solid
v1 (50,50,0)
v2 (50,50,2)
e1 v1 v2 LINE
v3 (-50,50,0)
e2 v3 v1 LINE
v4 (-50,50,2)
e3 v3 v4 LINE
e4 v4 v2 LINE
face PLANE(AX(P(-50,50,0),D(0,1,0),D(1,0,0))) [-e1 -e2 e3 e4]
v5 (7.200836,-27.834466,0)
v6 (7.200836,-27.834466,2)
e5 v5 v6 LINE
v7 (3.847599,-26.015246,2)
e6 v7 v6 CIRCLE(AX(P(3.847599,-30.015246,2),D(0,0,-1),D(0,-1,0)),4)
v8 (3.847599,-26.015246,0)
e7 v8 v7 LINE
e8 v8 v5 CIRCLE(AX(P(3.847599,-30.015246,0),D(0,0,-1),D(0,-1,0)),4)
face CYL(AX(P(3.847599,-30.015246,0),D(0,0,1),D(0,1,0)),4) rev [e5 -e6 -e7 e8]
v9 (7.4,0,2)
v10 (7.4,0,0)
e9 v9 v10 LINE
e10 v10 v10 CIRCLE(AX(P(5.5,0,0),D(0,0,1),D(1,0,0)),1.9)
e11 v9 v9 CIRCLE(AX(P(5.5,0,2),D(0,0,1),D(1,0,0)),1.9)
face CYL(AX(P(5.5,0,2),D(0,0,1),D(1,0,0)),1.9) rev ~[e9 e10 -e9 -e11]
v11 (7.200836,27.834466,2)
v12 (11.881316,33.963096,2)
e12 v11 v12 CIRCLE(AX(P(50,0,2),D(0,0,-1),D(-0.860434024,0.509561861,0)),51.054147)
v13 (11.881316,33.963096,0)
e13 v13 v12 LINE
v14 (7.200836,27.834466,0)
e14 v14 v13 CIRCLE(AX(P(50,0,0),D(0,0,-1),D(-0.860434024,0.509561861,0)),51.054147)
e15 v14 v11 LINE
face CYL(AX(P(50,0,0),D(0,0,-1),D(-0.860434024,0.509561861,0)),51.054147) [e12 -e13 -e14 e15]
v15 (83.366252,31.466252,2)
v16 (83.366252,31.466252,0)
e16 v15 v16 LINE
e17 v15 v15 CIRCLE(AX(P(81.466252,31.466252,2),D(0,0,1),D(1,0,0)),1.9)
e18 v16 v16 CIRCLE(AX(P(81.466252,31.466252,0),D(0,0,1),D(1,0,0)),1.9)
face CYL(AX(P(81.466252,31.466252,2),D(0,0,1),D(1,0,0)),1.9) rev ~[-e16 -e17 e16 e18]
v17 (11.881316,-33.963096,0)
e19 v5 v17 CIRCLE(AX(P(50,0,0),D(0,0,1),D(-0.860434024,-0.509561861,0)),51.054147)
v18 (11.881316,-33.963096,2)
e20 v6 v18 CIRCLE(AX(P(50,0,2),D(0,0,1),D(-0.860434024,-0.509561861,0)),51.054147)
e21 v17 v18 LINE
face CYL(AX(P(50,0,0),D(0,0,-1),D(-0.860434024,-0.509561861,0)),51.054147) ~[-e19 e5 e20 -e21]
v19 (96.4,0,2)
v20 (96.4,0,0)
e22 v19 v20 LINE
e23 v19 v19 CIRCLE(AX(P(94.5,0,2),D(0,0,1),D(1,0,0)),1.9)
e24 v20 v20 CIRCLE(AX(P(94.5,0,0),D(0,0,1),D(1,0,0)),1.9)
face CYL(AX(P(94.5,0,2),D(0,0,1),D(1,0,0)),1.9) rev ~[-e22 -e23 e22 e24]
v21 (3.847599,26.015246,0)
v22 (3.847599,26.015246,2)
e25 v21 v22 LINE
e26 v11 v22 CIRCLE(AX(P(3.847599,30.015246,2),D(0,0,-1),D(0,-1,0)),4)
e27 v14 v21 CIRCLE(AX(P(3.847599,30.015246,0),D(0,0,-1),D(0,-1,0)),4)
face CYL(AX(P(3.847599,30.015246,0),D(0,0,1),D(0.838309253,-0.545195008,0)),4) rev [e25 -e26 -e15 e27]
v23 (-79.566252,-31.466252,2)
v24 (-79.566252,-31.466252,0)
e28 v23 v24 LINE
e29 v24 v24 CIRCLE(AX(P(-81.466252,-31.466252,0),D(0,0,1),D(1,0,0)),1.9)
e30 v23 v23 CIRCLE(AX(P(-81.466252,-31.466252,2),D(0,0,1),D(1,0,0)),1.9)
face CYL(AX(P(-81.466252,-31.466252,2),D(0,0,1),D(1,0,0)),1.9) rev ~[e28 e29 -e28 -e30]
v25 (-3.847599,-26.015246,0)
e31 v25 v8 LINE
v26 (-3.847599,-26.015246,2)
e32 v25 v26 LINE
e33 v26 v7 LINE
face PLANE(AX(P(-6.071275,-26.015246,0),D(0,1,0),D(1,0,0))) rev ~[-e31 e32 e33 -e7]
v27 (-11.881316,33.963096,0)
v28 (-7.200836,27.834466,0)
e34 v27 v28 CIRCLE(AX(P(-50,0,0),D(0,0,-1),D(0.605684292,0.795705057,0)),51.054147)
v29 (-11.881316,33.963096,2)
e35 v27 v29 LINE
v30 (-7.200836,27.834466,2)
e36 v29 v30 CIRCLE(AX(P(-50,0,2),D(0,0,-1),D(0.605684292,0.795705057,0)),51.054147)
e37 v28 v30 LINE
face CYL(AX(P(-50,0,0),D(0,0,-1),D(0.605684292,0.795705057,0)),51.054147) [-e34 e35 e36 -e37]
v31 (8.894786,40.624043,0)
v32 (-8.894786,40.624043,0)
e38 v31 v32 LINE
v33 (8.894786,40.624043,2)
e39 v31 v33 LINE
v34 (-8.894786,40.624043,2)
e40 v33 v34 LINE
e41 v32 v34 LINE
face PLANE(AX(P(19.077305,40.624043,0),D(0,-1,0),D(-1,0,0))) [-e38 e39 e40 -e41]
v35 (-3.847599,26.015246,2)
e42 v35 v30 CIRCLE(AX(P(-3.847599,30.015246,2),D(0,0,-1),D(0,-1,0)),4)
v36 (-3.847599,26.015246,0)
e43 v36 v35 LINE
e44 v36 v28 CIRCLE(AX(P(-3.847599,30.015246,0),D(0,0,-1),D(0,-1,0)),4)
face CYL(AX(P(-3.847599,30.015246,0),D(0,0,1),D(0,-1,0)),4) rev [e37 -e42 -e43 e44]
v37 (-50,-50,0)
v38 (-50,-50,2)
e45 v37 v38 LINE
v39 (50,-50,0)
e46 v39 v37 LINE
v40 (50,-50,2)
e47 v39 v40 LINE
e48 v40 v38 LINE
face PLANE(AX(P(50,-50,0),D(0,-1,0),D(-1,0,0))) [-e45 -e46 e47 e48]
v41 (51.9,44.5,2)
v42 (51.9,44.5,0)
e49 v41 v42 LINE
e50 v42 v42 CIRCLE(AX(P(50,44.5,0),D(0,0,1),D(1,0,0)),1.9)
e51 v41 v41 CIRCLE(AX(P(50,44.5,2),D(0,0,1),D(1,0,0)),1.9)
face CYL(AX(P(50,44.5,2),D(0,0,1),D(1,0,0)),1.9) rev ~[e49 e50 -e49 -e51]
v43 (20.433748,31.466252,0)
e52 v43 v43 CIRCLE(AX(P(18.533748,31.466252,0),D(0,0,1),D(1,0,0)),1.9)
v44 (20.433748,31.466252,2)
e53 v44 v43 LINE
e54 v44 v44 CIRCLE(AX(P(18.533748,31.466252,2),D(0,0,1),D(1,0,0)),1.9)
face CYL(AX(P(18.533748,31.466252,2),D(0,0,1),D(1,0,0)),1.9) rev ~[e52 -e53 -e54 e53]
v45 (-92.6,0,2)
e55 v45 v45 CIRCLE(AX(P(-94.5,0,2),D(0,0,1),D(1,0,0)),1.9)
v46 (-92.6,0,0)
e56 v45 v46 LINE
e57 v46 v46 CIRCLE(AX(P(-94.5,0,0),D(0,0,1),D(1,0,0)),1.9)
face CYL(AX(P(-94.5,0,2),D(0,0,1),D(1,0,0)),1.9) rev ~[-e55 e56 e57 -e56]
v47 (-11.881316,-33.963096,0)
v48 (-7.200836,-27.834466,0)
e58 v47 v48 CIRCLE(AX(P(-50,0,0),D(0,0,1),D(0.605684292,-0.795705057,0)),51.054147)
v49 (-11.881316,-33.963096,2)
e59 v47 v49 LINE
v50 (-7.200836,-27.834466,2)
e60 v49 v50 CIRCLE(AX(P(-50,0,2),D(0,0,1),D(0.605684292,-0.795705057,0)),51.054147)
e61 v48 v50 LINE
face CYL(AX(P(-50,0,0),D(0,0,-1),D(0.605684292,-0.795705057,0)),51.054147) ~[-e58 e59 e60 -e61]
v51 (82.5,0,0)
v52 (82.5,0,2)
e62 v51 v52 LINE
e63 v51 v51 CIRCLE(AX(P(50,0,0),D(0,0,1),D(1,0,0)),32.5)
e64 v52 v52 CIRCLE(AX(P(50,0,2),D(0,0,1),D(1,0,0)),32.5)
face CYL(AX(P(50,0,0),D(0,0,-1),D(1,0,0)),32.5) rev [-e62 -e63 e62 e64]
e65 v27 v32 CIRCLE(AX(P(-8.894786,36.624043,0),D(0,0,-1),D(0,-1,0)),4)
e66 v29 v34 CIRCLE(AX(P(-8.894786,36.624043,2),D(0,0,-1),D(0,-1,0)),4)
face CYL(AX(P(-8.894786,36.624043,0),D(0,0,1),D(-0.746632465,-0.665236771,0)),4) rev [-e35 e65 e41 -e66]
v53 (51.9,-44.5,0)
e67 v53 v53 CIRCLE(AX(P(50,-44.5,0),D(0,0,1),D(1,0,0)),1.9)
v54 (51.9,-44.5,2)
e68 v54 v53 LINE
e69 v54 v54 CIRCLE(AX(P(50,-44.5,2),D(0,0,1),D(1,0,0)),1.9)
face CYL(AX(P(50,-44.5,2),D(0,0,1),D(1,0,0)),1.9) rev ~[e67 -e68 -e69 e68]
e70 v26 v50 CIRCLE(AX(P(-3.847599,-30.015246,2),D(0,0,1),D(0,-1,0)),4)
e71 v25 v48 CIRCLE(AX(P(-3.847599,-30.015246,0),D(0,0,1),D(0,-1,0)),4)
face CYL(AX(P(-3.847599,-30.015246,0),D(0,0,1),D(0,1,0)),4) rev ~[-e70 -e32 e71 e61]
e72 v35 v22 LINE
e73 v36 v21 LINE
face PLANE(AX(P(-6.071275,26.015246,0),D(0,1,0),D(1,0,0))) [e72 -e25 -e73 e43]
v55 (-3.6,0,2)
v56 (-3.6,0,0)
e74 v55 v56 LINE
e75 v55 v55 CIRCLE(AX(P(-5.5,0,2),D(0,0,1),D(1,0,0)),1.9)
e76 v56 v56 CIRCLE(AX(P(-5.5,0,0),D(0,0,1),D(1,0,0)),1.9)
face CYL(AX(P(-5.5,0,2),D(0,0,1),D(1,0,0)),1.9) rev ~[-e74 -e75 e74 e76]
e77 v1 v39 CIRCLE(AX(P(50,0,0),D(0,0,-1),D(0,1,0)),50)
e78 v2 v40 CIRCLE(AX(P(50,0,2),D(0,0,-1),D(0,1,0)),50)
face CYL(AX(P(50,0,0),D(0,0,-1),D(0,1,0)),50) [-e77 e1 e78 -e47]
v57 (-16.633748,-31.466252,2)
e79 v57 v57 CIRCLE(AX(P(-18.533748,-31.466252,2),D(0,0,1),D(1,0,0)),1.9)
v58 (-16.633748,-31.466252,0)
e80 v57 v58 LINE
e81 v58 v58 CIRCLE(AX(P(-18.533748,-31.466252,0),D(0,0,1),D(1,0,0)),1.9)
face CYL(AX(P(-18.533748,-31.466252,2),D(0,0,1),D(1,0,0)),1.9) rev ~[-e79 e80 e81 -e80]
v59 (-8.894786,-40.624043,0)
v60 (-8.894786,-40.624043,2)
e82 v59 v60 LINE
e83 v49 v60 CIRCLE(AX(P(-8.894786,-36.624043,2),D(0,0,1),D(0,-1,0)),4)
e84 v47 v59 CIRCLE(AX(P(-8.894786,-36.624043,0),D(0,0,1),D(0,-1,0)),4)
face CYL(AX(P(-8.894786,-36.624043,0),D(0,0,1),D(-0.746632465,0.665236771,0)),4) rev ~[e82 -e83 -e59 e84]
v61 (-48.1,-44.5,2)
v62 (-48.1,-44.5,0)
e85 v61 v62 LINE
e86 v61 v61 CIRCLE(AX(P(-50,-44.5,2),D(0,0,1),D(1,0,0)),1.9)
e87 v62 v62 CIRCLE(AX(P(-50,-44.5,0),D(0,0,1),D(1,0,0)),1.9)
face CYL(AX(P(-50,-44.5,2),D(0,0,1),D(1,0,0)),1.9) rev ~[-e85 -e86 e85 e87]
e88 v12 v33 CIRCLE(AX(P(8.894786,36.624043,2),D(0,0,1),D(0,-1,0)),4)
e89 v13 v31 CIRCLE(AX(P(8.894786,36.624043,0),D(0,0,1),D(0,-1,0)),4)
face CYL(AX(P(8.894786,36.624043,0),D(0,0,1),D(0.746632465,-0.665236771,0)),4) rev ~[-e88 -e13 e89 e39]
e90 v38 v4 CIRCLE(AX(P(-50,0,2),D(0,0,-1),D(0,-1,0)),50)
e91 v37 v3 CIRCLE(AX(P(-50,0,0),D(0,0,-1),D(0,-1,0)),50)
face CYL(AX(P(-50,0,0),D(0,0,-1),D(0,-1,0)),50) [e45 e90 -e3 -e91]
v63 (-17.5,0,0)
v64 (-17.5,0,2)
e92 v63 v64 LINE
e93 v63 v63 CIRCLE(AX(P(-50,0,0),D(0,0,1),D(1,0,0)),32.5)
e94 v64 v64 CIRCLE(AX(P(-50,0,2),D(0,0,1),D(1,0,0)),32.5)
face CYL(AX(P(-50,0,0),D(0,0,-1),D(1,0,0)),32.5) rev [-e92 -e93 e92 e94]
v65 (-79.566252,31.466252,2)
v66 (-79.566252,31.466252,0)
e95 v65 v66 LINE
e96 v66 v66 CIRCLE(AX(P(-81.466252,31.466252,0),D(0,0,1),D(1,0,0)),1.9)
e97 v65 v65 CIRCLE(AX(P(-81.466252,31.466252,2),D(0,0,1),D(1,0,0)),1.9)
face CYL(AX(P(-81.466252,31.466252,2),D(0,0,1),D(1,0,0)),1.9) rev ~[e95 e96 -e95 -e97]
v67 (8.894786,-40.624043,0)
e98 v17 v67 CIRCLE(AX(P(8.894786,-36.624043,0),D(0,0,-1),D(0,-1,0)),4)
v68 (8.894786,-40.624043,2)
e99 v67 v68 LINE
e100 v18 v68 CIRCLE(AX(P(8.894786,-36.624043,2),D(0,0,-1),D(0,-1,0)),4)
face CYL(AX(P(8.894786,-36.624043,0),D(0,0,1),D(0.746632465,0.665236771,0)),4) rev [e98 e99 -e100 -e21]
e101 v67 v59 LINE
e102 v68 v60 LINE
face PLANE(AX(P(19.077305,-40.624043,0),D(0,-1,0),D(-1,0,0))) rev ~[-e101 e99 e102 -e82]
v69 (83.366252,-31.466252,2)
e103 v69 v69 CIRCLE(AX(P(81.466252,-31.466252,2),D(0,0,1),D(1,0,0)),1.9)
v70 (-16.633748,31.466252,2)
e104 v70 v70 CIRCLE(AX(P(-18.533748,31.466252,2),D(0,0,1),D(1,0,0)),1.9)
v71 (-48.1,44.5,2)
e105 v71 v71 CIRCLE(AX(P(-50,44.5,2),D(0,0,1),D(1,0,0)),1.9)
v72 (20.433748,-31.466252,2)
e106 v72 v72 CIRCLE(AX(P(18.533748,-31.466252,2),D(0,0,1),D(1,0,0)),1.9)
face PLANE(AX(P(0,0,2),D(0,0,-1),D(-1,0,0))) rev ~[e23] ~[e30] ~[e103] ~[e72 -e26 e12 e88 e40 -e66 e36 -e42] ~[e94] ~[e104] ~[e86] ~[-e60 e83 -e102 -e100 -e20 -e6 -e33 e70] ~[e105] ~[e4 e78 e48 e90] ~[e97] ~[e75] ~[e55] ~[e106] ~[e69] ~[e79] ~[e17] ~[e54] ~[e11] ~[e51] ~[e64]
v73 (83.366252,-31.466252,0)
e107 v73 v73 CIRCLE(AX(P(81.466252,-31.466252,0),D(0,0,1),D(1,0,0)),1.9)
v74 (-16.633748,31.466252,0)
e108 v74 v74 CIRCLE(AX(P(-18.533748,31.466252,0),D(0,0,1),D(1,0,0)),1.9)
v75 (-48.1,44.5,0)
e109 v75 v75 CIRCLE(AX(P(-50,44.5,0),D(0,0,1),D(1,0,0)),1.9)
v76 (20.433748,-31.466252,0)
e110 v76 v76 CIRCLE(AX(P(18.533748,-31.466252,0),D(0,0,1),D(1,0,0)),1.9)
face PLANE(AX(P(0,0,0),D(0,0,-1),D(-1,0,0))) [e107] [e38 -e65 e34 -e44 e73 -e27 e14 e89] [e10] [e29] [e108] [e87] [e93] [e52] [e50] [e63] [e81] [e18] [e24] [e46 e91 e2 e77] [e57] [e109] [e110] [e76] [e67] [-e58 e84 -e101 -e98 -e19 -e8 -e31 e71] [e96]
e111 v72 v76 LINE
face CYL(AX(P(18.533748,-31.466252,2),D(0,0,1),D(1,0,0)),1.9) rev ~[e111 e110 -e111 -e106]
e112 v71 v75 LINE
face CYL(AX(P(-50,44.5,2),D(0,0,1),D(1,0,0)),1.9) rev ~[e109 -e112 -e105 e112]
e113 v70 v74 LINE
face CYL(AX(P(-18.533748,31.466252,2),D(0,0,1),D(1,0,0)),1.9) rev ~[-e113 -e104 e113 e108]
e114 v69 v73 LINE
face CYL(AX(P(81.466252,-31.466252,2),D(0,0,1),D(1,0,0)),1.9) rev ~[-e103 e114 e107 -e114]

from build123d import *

# Parameters (mm, degrees)
SKETCH_1_R          = 32.5
EXTRUDE_1_DEPTH     = 2
FILLET_1_R          = 4
SKETCH_2_R          = 1.9
CUT_EXTRUDE_1_DEPTH = 10


with BuildPart() as part:
    # 草图1 → 凸台-拉伸1 (new body)
    with BuildSketch(Plane.XY):
        with BuildLine():
            Line((-50, 50), (-25, 50))
            Line((-25, 50), (25, 50))
            Line((25, 50), (50, 50))
            ThreePointArc((50, 50), (100, 0), (50, -50))
            Line((50, -50), (25, -50))
            Line((25, -50), (-25, -50))
            Line((-25, -50), (-50, -50))
            ThreePointArc((-50, -50), (-100, 0), (-50, 50))
        make_face()
        with Locations((-50, 0)):
            Circle(SKETCH_1_R, mode=Mode.SUBTRACT)
        with Locations((50, 0)):
            Circle(SKETCH_1_R, mode=Mode.SUBTRACT)
        with BuildLine():
            Line((-6.07127469, -26.015246236), (6.07127469, -26.015246236))
            ThreePointArc((6.07127469, -26.015246236), (11.868149575, -33.948312584), (19.077305008, -40.624043109))
            Line((19.077305008, -40.624043109), (-19.077305008, -40.624043109))
            ThreePointArc((-19.077305008, -40.624043109), (-11.868149575, -33.948312584), (-6.07127469, -26.015246236))
        make_face(mode=Mode.SUBTRACT)
        with BuildLine():
            Line((19.077305008, 40.624043109), (-19.077305008, 40.624043109))
            ThreePointArc((-19.077305008, 40.624043109), (-11.868149575, 33.948312584), (-6.07127469, 26.015246236))
            Line((-6.07127469, 26.015246236), (6.07127469, 26.015246236))
            ThreePointArc((6.07127469, 26.015246236), (11.868149575, 33.948312584), (19.077305008, 40.624043109))
        make_face(mode=Mode.SUBTRACT)
    extrude(amount=EXTRUDE_1_DEPTH)

    # 圆角1
    fillet_1_edges = [part.edges().sort_by_distance(p)[0] for p in [
        (-6.07127469, -26.015246236, 1),
        (-19.077305008, -40.624043109, 1),
        (19.077305008, -40.624043109, 1),
        (6.07127469, -26.015246236, 1),
        (6.07127469, 26.015246236, 1),
        (19.077305008, 40.624043109, 1),
        (-19.077305008, 40.624043109, 1),
        (-6.07127469, 26.015246236, 1),
    ]]
    fillet(fillet_1_edges, radius=FILLET_1_R)

    # 草图2 → 切除-拉伸1 (cut)
    with BuildSketch(Plane.XY.offset(2)):
        with Locations((94.5, 0)):
            Circle(SKETCH_2_R)
        with Locations((81.466251763, -31.466251763)):
            Circle(SKETCH_2_R)
        with Locations((50, -44.5)):
            Circle(SKETCH_2_R)
        with Locations((18.533748237, -31.466251763)):
            Circle(SKETCH_2_R)
        with Locations((5.5, 0)):
            Circle(SKETCH_2_R)
        with Locations((18.533748237, 31.466251763)):
            Circle(SKETCH_2_R)
        with Locations((50, 44.5)):
            Circle(SKETCH_2_R)
        with Locations((81.466251763, 31.466251763)):
            Circle(SKETCH_2_R)
        with Locations((-81.466251763, 31.466251763)):
            Circle(SKETCH_2_R)
        with Locations((-50, 44.5)):
            Circle(SKETCH_2_R)
        with Locations((-18.533748237, 31.466251763)):
            Circle(SKETCH_2_R)
        with Locations((-5.5, 0)):
            Circle(SKETCH_2_R)
        with Locations((-18.533748237, -31.466251763)):
            Circle(SKETCH_2_R)
        with Locations((-50, -44.5)):
            Circle(SKETCH_2_R)
        with Locations((-81.466251763, -31.466251763)):
            Circle(SKETCH_2_R)
        with Locations((-94.5, 0)):
            Circle(SKETCH_2_R)
    extrude(amount=-CUT_EXTRUDE_1_DEPTH, mode=Mode.SUBTRACT)


solid = part.part
